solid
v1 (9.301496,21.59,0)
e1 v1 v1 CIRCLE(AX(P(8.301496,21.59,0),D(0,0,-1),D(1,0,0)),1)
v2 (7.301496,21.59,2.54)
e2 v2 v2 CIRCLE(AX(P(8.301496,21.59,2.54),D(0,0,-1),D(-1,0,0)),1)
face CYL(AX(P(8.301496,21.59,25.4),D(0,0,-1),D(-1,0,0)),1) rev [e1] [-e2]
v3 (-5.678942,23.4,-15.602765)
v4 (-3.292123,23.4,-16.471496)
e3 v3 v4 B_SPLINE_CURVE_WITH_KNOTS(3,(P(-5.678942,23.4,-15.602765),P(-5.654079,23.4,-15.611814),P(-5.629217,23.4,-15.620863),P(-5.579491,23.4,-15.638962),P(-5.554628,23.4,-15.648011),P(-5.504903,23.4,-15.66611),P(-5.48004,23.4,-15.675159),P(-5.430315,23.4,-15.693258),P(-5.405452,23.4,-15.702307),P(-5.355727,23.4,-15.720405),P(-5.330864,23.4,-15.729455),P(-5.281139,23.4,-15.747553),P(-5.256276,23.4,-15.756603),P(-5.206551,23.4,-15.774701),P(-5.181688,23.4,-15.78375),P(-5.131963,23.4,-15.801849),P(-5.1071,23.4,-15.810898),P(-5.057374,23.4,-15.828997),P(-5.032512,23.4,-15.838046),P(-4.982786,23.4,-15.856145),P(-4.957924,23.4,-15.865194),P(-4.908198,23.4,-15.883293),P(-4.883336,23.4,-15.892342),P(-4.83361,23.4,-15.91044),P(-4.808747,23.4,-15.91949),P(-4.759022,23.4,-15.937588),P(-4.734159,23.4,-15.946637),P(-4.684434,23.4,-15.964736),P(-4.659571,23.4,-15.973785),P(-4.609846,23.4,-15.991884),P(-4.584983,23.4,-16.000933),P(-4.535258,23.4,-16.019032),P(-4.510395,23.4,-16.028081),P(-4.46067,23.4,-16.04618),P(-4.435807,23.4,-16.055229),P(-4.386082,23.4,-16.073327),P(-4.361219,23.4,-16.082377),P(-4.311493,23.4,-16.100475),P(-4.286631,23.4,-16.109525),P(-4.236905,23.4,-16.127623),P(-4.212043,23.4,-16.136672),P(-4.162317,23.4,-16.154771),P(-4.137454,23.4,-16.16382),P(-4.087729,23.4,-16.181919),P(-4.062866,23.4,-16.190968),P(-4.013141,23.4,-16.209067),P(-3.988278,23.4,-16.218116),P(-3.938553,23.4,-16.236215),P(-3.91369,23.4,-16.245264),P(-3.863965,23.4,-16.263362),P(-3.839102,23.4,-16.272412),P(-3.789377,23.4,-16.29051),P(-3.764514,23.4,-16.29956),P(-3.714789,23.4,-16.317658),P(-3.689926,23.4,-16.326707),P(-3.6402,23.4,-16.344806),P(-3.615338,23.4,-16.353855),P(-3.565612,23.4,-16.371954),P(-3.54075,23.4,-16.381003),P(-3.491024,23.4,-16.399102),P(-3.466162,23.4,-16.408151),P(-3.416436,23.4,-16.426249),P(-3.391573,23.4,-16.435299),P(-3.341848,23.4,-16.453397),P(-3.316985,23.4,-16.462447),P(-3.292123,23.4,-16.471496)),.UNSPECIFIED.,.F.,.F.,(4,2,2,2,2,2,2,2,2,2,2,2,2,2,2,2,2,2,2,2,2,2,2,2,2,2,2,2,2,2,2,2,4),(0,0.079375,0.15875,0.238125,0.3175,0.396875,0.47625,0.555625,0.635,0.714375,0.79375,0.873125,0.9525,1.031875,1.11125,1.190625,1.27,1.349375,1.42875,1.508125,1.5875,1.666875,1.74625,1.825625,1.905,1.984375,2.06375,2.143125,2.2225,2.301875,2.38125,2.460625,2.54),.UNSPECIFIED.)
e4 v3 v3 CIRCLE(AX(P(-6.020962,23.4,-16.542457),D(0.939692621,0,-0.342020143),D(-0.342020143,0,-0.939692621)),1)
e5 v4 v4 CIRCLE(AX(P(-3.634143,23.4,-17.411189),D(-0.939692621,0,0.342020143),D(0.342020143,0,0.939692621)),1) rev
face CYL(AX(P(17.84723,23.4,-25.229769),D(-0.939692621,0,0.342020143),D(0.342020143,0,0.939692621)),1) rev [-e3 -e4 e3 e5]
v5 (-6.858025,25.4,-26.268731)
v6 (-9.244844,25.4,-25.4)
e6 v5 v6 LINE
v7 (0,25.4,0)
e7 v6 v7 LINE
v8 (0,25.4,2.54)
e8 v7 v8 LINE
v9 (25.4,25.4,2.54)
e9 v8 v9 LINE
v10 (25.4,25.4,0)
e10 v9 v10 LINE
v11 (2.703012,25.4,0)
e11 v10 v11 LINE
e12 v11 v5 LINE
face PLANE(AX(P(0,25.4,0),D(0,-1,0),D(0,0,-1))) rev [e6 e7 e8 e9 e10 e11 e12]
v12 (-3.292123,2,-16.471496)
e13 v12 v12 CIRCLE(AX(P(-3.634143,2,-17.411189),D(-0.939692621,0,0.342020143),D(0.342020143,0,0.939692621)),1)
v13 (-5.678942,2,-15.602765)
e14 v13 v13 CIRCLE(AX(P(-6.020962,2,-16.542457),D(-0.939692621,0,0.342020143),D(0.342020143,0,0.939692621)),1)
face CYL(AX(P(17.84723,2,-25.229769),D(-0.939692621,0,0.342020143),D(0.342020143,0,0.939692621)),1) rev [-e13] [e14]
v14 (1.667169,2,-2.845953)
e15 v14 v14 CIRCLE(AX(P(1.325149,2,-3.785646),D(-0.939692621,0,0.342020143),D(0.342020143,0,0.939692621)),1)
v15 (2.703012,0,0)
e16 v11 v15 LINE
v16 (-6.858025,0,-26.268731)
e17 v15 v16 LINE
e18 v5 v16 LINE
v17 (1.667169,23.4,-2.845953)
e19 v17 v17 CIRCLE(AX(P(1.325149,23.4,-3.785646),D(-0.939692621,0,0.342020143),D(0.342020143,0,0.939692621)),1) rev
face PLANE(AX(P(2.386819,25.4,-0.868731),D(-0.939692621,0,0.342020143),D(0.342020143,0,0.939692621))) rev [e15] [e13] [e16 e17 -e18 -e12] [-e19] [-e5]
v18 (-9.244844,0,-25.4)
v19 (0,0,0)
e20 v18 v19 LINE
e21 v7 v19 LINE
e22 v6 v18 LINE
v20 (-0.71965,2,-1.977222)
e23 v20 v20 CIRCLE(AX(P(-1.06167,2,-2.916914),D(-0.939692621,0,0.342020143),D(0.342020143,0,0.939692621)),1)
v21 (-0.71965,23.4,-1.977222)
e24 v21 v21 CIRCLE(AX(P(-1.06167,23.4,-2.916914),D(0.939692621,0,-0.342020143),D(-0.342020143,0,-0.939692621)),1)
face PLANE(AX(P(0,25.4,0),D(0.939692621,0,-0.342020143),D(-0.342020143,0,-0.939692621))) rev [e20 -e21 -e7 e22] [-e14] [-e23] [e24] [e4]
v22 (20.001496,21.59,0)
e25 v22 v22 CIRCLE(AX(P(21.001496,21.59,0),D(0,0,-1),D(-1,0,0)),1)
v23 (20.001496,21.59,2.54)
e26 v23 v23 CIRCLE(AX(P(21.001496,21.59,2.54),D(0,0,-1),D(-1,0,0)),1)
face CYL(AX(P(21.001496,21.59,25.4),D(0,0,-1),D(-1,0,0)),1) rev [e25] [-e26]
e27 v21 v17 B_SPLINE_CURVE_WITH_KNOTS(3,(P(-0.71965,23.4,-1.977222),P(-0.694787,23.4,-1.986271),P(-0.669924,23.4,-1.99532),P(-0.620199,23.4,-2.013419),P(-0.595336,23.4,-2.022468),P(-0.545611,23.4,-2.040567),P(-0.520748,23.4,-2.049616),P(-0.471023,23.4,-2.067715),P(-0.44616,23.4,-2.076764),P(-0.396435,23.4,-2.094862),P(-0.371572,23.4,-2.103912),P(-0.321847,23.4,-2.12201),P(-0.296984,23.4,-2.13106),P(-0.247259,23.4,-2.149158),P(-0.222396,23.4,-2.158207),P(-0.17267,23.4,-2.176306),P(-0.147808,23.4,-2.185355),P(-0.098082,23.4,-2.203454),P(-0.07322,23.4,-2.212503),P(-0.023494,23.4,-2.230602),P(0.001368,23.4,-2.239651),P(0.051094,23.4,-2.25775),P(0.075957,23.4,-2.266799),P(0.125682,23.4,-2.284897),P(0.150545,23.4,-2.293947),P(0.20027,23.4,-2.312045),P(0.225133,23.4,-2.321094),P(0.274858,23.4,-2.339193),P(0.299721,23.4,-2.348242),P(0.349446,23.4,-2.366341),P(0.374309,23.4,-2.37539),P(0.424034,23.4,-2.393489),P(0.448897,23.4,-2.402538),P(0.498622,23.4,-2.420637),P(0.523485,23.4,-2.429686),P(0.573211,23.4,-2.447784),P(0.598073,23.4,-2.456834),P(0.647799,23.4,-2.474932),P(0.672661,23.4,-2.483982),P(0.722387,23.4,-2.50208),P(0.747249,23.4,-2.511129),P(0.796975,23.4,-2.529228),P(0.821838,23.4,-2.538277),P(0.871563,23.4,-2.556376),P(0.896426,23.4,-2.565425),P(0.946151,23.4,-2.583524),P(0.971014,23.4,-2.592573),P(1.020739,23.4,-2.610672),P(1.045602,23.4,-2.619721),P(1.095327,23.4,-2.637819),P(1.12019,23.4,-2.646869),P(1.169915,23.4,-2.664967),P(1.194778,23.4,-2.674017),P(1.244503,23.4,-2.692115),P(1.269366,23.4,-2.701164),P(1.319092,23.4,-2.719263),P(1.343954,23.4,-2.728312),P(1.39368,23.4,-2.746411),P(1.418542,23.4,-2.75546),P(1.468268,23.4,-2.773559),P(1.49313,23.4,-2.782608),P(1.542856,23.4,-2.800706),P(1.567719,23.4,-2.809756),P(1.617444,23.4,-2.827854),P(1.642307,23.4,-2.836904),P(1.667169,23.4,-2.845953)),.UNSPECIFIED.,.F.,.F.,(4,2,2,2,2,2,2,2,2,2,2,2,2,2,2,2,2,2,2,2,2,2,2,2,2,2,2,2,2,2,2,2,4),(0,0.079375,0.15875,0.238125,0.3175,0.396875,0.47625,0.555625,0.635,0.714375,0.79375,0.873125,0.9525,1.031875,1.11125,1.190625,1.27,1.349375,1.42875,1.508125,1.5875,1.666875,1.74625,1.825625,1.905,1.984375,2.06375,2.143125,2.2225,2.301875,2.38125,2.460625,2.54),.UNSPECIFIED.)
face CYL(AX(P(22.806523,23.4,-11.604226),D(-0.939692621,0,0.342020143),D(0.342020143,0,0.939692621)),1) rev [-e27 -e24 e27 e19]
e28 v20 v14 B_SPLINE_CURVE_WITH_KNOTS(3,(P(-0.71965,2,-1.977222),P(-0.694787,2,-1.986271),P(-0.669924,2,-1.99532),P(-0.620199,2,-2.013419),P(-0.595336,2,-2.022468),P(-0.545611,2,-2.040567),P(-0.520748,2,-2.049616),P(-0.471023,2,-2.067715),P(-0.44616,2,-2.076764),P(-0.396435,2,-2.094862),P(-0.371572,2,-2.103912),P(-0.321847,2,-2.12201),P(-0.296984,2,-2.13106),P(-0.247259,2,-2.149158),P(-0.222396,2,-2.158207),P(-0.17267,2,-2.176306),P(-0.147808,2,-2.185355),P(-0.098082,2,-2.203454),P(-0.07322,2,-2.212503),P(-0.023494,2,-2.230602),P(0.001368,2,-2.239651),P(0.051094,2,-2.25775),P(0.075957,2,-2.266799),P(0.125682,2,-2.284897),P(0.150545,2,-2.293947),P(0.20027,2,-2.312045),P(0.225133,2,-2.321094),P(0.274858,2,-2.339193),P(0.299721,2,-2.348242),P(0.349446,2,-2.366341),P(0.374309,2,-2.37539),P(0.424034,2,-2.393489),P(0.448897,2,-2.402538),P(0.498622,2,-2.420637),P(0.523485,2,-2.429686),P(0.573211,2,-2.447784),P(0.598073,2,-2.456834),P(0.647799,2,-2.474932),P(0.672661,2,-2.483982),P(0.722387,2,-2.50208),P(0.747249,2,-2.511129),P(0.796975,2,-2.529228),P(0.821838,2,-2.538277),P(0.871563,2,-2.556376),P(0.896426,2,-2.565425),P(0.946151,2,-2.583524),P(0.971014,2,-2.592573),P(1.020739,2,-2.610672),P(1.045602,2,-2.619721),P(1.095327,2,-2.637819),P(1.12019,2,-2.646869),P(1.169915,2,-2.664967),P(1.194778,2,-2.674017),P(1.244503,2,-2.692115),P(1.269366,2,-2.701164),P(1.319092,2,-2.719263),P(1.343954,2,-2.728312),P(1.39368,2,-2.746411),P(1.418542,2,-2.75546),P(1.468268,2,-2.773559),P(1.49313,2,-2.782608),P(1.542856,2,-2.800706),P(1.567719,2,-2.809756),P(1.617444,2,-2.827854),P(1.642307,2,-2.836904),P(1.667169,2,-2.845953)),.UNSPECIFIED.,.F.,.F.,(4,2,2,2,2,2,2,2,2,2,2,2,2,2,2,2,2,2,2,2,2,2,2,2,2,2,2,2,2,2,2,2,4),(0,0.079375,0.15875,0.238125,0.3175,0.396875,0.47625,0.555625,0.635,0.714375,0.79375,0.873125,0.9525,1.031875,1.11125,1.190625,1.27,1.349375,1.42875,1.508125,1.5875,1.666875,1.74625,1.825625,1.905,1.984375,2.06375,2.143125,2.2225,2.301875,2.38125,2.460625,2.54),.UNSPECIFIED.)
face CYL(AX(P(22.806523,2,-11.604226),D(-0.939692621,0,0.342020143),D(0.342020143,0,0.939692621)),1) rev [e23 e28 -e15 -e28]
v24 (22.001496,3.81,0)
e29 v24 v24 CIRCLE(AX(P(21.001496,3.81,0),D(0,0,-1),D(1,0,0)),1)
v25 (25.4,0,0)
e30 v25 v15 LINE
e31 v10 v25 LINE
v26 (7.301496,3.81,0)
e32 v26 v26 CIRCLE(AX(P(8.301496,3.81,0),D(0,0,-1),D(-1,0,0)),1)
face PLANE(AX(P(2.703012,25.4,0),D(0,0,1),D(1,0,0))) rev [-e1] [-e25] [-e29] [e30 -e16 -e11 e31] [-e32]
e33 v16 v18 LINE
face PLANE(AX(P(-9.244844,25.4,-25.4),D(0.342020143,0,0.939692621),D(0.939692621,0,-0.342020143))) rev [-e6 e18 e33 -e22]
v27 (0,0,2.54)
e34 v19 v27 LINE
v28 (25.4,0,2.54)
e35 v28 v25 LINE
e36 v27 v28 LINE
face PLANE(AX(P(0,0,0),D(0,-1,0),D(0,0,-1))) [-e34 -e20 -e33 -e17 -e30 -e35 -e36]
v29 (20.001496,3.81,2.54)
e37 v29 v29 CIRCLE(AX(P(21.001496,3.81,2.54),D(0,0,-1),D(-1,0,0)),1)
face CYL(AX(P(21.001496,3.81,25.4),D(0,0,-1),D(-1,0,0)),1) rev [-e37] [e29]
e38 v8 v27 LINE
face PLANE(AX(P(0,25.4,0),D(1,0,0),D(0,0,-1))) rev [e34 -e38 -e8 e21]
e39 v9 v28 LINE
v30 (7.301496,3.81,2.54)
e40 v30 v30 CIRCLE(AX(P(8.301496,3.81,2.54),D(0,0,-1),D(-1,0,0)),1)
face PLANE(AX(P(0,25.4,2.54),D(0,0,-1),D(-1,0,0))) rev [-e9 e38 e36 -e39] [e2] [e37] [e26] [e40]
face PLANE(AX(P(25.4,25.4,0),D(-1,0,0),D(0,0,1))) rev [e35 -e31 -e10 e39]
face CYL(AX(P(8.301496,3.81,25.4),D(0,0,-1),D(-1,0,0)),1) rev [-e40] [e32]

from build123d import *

# Parameters (mm, degrees)
BOSS_EXTRUDE1_DEPTH = 25.4
CUT_EXTRUDE1_DEPTH  = 25.4
SKETCH2_4_R         = 1
CUT_EXTRUDE2_DEPTH  = 25.4
SKETCH2_5_R         = 1
CUT_EXTRUDE3_DEPTH  = 25.4
SKETCH2_6_R         = 1
CUT_EXTRUDE4_DEPTH  = 25.4
SKETCH3_R           = 1
CUT_EXTRUDE5_DEPTH  = 25.4


with BuildPart() as part:
    # Sketch1 → Boss-Extrude1 (new body)
    with BuildSketch(Plane(origin=(0, 0, 0), x_dir=(1, 0, 0), z_dir=(0, 1, 0))):
        Polygon((0, 0), (0, -2.54), (25.4, -2.54), (25.4, 0), (2.703011542, 0), (2.386819257, 0.868731164), (-6.858024694, 26.268731164), (-9.24484395, 25.4), align=None)
    extrude(amount=BOSS_EXTRUDE1_DEPTH)

    # Sketch2 → Cut-Extrude1 (cut)
    with BuildSketch(Plane(origin=(0, 0, 0), x_dir=(0.3420201433256697, 0, 0.9396926207859081), z_dir=(-0.939692620785908, 0, 0.34202014332566966))):
        with BuildLine():
            ThreePointArc((-18.604115421, 2), (-17.604115421, 1), (-16.604115421, 2))
            ThreePointArc((-16.604115421, 2), (-17.604115421, 3), (-18.604115421, 2))
        make_face()
    extrude(amount=-CUT_EXTRUDE1_DEPTH, mode=Mode.SUBTRACT)

    # Sketch2<4> → Cut-Extrude2 (cut)
    with BuildSketch(Plane(origin=(0, 0, 0), x_dir=(0.3420201433256697, 0, 0.9396926207859081), z_dir=(-0.939692620785908, 0, 0.34202014332566966))):
        with Locations((-17.604115421, 23.4)):
            Circle(SKETCH2_4_R)
    extrude(amount=-CUT_EXTRUDE2_DEPTH, mode=Mode.SUBTRACT)

    # Sketch2<5> → Cut-Extrude3 (cut)
    with BuildSketch(Plane(origin=(0, 0, 0), x_dir=(0.3420201433256697, 0, 0.9396926207859081), z_dir=(-0.939692620785908, 0, 0.34202014332566966))):
        with Locations((-3.104115421, 2)):
            Circle(SKETCH2_5_R)
    extrude(amount=-CUT_EXTRUDE3_DEPTH, mode=Mode.SUBTRACT)

    # Sketch2<6> → Cut-Extrude4 (cut)
    with BuildSketch(Plane(origin=(0, 0, 0), x_dir=(0.3420201433256697, 0, 0.9396926207859081), z_dir=(-0.939692620785908, 0, 0.34202014332566966))):
        with Locations((-3.104115421, 23.4)):
            Circle(SKETCH2_6_R)
    extrude(amount=-CUT_EXTRUDE4_DEPTH, mode=Mode.SUBTRACT)

    # Sketch3 → Cut-Extrude5 (cut)
    with BuildSketch(Plane(origin=(0, 0, 0), x_dir=(-1, 0, 0), z_dir=(0, 0, -1))):
        with Locations((-21.001496496, 21.59)):
            Circle(SKETCH3_R)
        with Locations((-21.001496496, 3.81)):
            Circle(SKETCH3_R)
        with Locations((-8.301496496, 21.59)):
            Circle(SKETCH3_R)
        with Locations((-8.301496496, 3.81)):
            Circle(SKETCH3_R)
    extrude(amount=-CUT_EXTRUDE5_DEPTH, mode=Mode.SUBTRACT)


solid = part.part
